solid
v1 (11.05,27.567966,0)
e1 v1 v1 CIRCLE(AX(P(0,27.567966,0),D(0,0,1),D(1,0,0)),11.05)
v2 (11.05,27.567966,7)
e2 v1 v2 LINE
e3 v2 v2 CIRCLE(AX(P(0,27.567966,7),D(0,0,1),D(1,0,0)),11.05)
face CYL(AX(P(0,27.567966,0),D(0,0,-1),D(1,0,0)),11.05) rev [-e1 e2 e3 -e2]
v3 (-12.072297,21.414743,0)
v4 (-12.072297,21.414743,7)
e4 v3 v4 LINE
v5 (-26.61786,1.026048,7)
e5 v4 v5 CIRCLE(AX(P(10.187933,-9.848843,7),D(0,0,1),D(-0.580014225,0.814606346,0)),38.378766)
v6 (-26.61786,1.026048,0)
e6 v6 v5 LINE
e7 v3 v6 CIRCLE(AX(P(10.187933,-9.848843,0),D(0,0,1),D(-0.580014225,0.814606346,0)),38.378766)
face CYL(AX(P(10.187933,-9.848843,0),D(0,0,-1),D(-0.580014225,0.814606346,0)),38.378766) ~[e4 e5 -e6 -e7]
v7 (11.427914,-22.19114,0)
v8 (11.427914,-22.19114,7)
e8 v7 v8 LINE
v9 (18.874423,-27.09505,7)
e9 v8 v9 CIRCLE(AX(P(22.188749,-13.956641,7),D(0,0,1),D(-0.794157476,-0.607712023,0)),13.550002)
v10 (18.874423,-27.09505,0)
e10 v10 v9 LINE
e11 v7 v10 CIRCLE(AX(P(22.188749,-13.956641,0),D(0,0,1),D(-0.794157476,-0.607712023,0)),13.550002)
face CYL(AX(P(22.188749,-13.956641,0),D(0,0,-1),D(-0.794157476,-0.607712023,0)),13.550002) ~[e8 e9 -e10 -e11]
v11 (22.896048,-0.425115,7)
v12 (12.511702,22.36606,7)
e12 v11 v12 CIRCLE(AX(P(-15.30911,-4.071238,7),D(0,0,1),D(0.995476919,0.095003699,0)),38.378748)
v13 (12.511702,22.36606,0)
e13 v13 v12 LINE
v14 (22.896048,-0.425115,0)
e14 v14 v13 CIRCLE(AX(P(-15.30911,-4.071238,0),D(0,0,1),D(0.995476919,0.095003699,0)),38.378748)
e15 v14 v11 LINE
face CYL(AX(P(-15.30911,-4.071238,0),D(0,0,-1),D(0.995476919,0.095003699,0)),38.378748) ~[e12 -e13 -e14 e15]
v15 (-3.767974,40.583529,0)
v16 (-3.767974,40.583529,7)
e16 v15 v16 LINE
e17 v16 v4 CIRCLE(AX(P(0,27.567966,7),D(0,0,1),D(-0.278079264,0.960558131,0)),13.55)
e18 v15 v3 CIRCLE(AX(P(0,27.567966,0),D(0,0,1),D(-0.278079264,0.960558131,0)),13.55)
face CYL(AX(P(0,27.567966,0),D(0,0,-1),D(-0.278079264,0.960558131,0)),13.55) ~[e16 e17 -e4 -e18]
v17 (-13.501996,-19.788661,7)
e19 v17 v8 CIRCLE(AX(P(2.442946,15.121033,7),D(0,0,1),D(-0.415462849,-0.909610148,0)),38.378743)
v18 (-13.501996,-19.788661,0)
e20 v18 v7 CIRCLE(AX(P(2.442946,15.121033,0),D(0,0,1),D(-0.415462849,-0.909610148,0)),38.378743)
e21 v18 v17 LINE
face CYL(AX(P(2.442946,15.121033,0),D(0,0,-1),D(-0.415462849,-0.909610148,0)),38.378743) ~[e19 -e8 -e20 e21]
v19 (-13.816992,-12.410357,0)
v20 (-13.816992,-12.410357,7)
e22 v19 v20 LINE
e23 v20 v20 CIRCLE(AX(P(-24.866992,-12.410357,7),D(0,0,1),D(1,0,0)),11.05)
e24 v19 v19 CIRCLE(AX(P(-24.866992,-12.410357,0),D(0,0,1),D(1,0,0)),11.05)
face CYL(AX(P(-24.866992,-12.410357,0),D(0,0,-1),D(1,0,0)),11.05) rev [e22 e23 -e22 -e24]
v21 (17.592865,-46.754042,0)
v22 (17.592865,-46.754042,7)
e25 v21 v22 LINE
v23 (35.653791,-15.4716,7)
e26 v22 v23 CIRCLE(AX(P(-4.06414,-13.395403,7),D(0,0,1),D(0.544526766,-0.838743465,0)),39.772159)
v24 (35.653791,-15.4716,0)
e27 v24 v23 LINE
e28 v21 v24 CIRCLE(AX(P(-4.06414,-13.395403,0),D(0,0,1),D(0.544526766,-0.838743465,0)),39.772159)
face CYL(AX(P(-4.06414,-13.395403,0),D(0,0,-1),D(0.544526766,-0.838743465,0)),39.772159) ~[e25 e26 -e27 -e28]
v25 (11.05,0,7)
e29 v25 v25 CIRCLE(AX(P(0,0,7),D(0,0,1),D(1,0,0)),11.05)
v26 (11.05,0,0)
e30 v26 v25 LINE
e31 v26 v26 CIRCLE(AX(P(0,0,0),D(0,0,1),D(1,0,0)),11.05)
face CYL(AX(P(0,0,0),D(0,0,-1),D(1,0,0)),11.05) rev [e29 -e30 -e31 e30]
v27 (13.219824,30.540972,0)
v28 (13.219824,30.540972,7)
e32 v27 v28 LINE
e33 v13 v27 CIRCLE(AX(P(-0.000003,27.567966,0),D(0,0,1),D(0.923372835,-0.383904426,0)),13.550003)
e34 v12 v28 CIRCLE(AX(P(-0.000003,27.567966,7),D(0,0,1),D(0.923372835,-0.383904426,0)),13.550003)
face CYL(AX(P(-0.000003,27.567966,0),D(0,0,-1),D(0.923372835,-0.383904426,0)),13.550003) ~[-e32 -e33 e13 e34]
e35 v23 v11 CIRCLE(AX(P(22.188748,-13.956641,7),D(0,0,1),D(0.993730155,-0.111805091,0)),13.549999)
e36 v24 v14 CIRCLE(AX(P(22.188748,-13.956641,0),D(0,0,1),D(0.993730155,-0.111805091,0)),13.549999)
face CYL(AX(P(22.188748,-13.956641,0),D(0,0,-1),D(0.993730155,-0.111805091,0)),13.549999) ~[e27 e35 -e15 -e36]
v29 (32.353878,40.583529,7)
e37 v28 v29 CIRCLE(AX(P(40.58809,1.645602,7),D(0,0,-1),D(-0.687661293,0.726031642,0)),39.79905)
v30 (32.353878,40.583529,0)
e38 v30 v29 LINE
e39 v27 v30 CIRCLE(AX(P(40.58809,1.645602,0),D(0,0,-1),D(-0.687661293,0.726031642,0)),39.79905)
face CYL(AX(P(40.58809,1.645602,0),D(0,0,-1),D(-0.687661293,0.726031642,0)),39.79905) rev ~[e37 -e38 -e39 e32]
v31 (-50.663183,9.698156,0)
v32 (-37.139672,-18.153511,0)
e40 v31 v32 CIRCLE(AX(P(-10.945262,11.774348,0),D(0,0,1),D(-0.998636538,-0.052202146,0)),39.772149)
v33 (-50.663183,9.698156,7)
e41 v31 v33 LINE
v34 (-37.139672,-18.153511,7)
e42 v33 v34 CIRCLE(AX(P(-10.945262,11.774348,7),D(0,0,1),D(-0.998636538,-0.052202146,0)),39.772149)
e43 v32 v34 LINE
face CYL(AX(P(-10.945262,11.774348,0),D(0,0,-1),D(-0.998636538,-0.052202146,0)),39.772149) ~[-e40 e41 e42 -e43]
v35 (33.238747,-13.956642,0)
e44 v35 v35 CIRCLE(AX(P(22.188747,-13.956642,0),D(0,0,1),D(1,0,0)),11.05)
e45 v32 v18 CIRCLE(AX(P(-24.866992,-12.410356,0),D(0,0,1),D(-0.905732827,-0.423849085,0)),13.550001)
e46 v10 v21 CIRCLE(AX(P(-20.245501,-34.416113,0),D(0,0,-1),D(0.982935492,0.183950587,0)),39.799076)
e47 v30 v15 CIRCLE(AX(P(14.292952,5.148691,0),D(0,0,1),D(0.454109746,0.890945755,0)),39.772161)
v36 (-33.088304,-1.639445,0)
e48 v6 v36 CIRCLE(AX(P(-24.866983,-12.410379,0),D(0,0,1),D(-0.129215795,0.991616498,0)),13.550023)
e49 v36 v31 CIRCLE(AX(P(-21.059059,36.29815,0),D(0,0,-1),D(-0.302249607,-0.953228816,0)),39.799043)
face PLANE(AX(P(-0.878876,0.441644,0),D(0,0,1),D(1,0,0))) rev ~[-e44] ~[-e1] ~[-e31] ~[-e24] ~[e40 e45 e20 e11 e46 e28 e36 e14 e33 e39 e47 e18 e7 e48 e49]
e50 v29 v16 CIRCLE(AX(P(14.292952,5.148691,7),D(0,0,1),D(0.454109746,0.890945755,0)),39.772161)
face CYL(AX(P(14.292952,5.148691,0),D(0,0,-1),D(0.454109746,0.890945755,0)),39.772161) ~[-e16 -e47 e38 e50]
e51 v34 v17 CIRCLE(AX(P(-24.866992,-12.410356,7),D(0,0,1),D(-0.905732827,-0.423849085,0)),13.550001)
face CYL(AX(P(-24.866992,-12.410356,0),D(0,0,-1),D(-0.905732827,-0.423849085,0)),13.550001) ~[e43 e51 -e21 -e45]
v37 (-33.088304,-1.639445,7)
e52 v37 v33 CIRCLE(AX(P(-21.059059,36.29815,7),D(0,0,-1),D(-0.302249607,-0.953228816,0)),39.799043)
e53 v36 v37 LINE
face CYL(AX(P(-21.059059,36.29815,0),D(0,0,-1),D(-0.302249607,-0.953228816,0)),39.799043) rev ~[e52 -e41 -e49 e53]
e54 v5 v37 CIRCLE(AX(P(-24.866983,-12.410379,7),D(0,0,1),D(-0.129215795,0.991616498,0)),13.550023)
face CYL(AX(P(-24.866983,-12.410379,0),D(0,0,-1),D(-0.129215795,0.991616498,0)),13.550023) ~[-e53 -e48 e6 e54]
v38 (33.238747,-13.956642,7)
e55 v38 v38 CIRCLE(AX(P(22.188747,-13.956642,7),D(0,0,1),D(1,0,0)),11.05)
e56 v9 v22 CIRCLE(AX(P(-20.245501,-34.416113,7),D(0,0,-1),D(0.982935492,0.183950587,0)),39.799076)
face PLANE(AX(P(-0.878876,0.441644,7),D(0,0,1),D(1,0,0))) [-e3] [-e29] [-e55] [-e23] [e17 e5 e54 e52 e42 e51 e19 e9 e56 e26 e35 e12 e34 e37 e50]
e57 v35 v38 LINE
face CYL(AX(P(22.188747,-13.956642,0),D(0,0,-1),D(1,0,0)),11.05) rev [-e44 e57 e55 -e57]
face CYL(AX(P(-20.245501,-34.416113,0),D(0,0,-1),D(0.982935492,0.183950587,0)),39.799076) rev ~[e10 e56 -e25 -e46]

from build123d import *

# Parameters (mm, degrees)
F0_R     = 11.05
F1_DEPTH = 7


with BuildPart() as f1:
    # F0 (on Top) → F1 (new body)
    with BuildSketch(Plane.XY):
        with BuildLine():
            ThreePointArc((22.896048, -0.425115), (19.615331, 11.84139), (12.511702, 22.36606))
            ThreePointArc((12.511702, 22.36606), (13.49945, 26.398625), (13.219824, 30.540972))
            ThreePointArc((13.219824, 30.540972), (6.895477, 39.232223), (-3.767974, 40.583529))
            ThreePointArc((-3.767974, 40.583529), (-12.433388, 32.954372), (-12.072297, 21.414743))
            ThreePointArc((-12.072297, 21.414743), (-21.055042, 12.440306), (-26.61786, 1.026048))
            ThreePointArc((-26.61786, 1.026048), (-30.028126, 0.118218), (-33.088304, -1.639445))
            ThreePointArc((-33.088304, -1.639445), (-38.026761, -9.181893), (-37.139672, -18.153511))
            ThreePointArc((-37.139672, -18.153511), (-25.802086, -25.928052), (-13.501996, -19.788661))
            ThreePointArc((-13.501996, -19.788661), (-1.238533, -23.080729), (11.427914, -22.19114))
            ThreePointArc((11.427914, -22.19114), (14.736258, -25.27313), (18.874423, -27.09505))
            ThreePointArc((18.874423, -27.09505), (29.904667, -25.095182), (35.653791, -15.4716))
            ThreePointArc((35.653791, -15.4716), (32.523786, -5.193681), (22.896048, -0.425115))
        make_face()
        with Locations((-24.866992, -12.410357)):
            Circle(F0_R, mode=Mode.SUBTRACT)
        with Locations((22.188747, -13.956642)):
            Circle(F0_R, mode=Mode.SUBTRACT)
        Circle(F0_R, mode=Mode.SUBTRACT)
        with Locations((0, 27.567966)):
            Circle(F0_R, mode=Mode.SUBTRACT)
        with BuildLine():
            ThreePointArc((-3.767974, 40.583529), (6.895477, 39.232223), (13.219824, 30.540972))
            ThreePointArc((13.219824, 30.540972), (22.092216, 36.885736), (32.353878, 40.583529))
            ThreePointArc((32.353878, 40.583529), (14.292952, 44.920852), (-3.767974, 40.583529))
        make_face()
        with BuildLine():
            ThreePointArc((17.592865, -46.754042), (30.37956, -33.281483), (35.653791, -15.4716))
            ThreePointArc((35.653791, -15.4716), (29.904667, -25.095182), (18.874423, -27.09505))
            ThreePointArc((18.874423, -27.09505), (19.469277, -37.005096), (17.592865, -46.754042))
        make_face()
        with BuildLine():
            ThreePointArc((-37.139672, -18.153511), (-38.026761, -9.181893), (-33.088304, -1.639445))
            ThreePointArc((-33.088304, -1.639445), (-42.633805, 2.854254), (-50.663183, 9.698156))
            ThreePointArc((-50.663183, 9.698156), (-46.722876, -5.597646), (-37.139672, -18.153511))
        make_face()
    extrude(amount=F1_DEPTH)


solid = f1.part
